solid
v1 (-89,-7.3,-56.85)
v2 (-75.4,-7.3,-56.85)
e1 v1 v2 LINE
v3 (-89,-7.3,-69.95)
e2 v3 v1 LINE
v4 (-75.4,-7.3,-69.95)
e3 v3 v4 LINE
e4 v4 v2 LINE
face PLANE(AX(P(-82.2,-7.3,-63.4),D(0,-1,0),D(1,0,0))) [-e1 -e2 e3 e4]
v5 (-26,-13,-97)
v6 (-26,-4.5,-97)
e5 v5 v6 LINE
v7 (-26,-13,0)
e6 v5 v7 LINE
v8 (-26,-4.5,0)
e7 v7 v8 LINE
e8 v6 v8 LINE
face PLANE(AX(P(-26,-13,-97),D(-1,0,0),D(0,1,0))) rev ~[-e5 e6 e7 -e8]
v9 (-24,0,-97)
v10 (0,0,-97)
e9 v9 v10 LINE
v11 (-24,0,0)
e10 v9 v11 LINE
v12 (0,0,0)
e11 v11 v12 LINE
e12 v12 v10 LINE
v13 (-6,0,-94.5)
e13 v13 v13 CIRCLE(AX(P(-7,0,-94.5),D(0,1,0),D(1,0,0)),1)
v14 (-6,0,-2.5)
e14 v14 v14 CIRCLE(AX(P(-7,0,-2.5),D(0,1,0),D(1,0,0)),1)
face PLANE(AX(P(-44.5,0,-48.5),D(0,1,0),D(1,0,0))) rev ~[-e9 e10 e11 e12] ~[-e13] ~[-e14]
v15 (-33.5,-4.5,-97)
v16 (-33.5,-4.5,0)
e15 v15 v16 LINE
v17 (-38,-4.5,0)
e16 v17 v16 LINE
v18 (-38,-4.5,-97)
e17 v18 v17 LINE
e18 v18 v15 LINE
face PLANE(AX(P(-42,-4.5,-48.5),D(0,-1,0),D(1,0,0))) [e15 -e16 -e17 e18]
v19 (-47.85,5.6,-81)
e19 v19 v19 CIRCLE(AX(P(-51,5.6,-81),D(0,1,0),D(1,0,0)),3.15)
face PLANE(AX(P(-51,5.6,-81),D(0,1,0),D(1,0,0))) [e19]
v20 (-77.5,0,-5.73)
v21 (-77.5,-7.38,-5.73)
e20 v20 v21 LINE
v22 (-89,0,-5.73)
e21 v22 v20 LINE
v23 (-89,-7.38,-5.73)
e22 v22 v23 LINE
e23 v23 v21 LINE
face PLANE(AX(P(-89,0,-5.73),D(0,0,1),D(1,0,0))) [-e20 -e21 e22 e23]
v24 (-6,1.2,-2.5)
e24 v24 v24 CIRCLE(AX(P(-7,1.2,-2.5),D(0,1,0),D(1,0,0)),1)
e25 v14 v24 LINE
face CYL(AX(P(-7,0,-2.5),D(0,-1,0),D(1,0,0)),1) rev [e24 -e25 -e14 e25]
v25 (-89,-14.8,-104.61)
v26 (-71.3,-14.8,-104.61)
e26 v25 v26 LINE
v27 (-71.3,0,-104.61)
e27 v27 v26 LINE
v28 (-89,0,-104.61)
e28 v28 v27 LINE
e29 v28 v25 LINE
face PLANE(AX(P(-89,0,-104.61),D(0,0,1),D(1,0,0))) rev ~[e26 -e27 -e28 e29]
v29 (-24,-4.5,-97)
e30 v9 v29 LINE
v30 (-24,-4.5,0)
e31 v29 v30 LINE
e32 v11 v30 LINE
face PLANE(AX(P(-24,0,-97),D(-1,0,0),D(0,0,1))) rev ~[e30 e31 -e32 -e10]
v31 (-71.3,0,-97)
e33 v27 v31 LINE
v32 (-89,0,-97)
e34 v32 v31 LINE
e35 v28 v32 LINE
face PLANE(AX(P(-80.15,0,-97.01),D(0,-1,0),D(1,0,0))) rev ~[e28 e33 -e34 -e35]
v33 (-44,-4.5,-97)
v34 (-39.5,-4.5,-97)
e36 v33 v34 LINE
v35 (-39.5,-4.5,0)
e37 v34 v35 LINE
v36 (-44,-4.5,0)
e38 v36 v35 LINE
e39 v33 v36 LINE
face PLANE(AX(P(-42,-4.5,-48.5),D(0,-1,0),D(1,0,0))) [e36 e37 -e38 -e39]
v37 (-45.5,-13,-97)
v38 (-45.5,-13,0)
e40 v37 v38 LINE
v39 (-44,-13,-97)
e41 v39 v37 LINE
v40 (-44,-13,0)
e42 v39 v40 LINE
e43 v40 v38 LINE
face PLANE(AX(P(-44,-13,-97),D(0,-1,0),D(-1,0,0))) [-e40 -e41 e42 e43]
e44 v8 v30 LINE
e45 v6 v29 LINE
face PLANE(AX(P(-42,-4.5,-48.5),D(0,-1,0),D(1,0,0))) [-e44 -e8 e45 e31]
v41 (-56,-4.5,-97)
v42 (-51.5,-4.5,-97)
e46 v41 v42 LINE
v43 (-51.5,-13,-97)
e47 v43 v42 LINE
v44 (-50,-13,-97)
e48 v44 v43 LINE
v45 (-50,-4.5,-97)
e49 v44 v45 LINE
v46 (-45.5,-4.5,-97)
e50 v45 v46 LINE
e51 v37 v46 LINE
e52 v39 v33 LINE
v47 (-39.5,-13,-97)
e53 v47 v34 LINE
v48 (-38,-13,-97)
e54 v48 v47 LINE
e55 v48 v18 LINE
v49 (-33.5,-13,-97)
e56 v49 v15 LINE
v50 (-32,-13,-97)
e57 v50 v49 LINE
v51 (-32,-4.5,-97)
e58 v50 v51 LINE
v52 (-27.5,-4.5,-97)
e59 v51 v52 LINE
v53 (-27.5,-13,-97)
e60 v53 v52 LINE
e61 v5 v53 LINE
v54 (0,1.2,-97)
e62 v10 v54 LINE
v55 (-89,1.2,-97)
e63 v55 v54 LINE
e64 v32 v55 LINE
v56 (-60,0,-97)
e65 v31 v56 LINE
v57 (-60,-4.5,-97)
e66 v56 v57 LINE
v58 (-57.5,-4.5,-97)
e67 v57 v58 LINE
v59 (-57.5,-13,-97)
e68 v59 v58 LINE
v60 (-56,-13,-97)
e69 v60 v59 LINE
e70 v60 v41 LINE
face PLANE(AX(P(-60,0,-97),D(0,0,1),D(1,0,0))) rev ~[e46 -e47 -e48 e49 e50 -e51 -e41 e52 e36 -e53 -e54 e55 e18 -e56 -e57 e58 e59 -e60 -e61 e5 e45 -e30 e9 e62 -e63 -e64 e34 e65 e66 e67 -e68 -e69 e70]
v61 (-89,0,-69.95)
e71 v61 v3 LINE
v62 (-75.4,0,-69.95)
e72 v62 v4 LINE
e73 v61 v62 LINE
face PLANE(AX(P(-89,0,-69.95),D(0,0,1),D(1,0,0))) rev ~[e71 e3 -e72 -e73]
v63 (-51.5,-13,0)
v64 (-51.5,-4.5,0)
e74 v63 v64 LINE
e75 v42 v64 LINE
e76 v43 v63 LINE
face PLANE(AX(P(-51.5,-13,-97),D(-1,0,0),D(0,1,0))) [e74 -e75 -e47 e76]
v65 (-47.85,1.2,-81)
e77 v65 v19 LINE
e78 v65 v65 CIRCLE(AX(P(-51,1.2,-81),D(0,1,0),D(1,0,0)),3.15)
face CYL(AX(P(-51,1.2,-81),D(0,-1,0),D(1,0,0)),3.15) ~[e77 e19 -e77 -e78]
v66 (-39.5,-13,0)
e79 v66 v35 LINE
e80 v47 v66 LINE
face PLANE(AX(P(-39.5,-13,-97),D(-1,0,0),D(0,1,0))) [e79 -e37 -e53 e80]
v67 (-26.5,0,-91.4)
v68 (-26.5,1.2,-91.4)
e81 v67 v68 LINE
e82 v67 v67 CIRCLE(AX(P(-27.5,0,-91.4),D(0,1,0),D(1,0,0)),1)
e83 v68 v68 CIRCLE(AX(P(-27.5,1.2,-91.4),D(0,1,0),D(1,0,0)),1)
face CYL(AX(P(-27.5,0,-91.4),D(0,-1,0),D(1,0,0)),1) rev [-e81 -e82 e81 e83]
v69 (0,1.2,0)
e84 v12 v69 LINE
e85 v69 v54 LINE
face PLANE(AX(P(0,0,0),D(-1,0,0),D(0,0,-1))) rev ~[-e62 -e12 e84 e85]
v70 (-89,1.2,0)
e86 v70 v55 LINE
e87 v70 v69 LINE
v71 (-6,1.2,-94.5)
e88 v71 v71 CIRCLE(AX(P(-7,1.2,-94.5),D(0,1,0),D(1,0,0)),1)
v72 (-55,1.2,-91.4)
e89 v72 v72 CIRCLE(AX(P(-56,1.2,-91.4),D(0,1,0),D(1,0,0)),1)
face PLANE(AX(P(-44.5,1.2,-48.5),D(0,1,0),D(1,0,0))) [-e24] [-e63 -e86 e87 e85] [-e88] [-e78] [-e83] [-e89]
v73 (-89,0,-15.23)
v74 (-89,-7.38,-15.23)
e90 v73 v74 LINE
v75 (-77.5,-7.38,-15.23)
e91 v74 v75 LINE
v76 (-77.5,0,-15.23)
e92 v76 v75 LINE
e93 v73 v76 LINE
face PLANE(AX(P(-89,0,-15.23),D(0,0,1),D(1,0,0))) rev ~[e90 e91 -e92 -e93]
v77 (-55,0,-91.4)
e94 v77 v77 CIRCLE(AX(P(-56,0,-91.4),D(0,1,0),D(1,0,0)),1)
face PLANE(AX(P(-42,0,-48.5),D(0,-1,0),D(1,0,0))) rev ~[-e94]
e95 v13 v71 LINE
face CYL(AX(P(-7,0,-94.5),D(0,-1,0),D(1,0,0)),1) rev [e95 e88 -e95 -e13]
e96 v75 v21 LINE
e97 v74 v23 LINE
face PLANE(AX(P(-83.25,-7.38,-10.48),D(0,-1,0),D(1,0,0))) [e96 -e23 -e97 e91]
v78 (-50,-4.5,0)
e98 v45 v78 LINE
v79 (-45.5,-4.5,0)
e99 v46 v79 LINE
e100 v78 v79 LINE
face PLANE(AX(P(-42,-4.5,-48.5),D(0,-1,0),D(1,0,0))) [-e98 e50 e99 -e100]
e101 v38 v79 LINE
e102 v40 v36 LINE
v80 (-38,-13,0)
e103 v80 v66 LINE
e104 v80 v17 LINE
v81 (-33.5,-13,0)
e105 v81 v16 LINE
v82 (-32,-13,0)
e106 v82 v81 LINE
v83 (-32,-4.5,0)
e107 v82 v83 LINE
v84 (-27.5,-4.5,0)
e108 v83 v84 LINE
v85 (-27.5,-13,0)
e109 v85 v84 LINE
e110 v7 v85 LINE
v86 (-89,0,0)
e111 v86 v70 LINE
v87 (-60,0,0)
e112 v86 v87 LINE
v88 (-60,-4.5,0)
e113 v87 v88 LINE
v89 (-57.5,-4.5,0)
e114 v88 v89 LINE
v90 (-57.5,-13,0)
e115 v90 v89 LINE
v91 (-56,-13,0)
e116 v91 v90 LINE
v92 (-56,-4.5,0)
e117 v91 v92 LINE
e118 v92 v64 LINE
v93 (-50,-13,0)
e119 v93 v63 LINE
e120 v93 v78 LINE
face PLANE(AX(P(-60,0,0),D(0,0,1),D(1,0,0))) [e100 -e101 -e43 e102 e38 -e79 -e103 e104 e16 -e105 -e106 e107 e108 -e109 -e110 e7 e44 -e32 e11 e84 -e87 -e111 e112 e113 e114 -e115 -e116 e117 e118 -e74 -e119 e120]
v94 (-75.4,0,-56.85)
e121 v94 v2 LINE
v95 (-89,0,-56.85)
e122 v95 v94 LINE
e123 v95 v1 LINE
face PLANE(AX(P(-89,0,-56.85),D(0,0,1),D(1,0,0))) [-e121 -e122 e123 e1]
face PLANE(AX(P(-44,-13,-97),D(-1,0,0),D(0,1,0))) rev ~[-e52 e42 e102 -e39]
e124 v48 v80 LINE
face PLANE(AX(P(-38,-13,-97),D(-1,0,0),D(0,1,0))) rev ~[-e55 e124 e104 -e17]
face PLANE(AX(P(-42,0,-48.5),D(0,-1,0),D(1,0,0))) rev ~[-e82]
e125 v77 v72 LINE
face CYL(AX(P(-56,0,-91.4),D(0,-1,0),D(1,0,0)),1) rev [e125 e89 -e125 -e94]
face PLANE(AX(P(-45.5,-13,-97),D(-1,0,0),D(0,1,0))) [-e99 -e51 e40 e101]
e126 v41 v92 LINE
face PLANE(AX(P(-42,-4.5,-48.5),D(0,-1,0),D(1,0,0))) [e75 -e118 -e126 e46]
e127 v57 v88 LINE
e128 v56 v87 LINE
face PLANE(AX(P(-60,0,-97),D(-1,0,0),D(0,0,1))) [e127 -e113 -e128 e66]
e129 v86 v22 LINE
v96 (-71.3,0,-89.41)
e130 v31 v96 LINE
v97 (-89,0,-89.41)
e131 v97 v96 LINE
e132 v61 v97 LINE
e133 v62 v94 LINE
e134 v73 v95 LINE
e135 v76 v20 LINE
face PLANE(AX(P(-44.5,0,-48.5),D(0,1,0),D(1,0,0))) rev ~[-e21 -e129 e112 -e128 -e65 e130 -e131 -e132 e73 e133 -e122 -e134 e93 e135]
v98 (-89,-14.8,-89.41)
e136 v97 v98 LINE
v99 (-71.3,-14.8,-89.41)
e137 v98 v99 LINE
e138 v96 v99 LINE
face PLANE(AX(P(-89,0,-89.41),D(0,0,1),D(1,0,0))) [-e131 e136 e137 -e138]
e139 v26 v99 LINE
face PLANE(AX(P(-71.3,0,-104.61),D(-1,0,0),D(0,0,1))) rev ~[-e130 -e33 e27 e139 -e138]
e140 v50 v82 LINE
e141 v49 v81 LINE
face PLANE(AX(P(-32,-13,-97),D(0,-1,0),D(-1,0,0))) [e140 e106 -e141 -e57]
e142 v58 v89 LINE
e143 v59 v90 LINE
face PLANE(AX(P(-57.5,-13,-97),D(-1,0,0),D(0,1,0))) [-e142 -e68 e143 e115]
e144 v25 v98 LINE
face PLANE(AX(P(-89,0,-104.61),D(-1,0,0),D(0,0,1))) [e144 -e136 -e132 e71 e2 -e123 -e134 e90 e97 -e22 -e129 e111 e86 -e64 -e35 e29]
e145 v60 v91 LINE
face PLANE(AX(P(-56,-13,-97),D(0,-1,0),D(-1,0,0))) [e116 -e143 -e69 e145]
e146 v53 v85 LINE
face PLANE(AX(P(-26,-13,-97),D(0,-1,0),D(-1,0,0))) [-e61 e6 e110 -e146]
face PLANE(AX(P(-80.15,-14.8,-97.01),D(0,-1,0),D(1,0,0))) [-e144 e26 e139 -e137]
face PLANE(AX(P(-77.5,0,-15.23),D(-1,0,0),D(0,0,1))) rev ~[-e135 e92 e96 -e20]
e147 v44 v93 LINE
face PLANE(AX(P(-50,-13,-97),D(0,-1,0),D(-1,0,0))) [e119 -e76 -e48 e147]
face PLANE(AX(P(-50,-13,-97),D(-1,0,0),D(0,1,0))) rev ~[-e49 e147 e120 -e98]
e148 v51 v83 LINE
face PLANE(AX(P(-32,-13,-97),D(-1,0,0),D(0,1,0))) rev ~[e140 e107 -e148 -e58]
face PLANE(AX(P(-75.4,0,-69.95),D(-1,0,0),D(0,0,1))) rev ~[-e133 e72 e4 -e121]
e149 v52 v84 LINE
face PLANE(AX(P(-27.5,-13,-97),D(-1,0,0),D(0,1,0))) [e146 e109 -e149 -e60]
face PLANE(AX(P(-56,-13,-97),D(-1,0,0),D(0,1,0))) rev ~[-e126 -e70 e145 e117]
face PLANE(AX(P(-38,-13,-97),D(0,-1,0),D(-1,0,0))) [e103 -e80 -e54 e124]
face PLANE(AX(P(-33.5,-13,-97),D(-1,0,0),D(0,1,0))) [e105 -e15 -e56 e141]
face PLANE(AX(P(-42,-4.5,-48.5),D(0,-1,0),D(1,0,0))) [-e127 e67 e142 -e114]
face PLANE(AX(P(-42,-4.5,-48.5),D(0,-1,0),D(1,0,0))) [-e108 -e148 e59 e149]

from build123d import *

# Parameters (mm, degrees)
SKETCH_1_W      = 89
SKETCH_1_H      = 97
SKETCH_1_R      = 1
EXTRUDE_1_DEPTH = 1.2
SKETCH_2_R      = 3.15
EXTRUDE_2_DEPTH = 4.4
SKETCH_3_W      = 36
SKETCH_3_H      = 97
EXTRUDE_3_DEPTH = 4.5
SKETCH_4_W      = 1.5
SKETCH_4_H      = 8.5
EXTRUDE_5_DEPTH = 97
SKETCH_5_W      = 13.6
SKETCH_5_H      = 13.1
EXTRUDE_6_DEPTH = 7.3
SKETCH_6_W      = 17.7
SKETCH_6_H      = 15.2
EXTRUDE_7_DEPTH = 14.8
SKETCH_7_W      = 11.5
SKETCH_7_H      = 9.5
EXTRUDE_8_DEPTH = 7.38


with BuildPart() as part:
    # 草图1 → 凸台-拉伸1 (new body)
    with BuildSketch(Plane(origin=(0, 0, 0), x_dir=(1, 0, 0), z_dir=(0, 1, 0))):
        with Locations((-44.5, 48.5)):
            Rectangle(SKETCH_1_W, SKETCH_1_H)
        with Locations((-7, 94.5)):
            Circle(SKETCH_1_R, mode=Mode.SUBTRACT)
        with Locations((-7, 2.5)):
            Circle(SKETCH_1_R, mode=Mode.SUBTRACT)
        with Locations((-56, 91.4)):
            Circle(SKETCH_1_R, mode=Mode.SUBTRACT)
        with Locations((-27.5, 91.4)):
            Circle(SKETCH_1_R, mode=Mode.SUBTRACT)
    extrude(amount=EXTRUDE_1_DEPTH)

    # 草图2 → 凸台-拉伸2 (add)
    with BuildSketch(Plane(origin=(0, 1.2, 0), x_dir=(1, 0, 0), z_dir=(0, 1, 0))):
        with Locations((-51, 81)):
            Circle(SKETCH_2_R)
    extrude(amount=EXTRUDE_2_DEPTH)

    # 草图3 → 凸台-拉伸3 (add)
    with BuildSketch(Plane.XZ):
        with Locations((-42, -48.5)):
            Rectangle(SKETCH_3_W, SKETCH_3_H)
    extrude(amount=EXTRUDE_3_DEPTH)

    # 草图4 → 凸台-拉伸5 (add, through all)
    with BuildSketch(Plane(origin=(0, 0, -97), x_dir=(-1, 0, 0), z_dir=(0, 0, -1))):
        with Locations((26.75, -8.75)):
            Rectangle(SKETCH_4_W, SKETCH_4_H)
        with Locations((32.75, -8.75)):
            Rectangle(SKETCH_4_W, SKETCH_4_H)
        with Locations((38.75, -8.75)):
            Rectangle(SKETCH_4_W, SKETCH_4_H)
        with Locations((44.75, -8.75)):
            Rectangle(SKETCH_4_W, SKETCH_4_H)
        with Locations((50.75, -8.75)):
            Rectangle(SKETCH_4_W, SKETCH_4_H)
        with Locations((56.75, -8.75)):
            Rectangle(SKETCH_4_W, SKETCH_4_H)
    extrude(amount=-EXTRUDE_5_DEPTH)

    # 草图5 → 凸台-拉伸6 (add)
    with BuildSketch(Plane.XZ):
        with Locations((-82.2, -63.4)):
            Rectangle(SKETCH_5_W, SKETCH_5_H)
    extrude(amount=EXTRUDE_6_DEPTH)

    # 草图6 → 凸台-拉伸7 (add)
    with BuildSketch(Plane.XZ):
        with Locations((-80.15, -97.01)):
            Rectangle(SKETCH_6_W, SKETCH_6_H)
    extrude(amount=EXTRUDE_7_DEPTH)

    # 草图7 → 凸台-拉伸8 (add)
    with BuildSketch(Plane.XZ):
        with Locations((-83.25, -10.48)):
            Rectangle(SKETCH_7_W, SKETCH_7_H)
    extrude(amount=EXTRUDE_8_DEPTH)


solid = part.part
